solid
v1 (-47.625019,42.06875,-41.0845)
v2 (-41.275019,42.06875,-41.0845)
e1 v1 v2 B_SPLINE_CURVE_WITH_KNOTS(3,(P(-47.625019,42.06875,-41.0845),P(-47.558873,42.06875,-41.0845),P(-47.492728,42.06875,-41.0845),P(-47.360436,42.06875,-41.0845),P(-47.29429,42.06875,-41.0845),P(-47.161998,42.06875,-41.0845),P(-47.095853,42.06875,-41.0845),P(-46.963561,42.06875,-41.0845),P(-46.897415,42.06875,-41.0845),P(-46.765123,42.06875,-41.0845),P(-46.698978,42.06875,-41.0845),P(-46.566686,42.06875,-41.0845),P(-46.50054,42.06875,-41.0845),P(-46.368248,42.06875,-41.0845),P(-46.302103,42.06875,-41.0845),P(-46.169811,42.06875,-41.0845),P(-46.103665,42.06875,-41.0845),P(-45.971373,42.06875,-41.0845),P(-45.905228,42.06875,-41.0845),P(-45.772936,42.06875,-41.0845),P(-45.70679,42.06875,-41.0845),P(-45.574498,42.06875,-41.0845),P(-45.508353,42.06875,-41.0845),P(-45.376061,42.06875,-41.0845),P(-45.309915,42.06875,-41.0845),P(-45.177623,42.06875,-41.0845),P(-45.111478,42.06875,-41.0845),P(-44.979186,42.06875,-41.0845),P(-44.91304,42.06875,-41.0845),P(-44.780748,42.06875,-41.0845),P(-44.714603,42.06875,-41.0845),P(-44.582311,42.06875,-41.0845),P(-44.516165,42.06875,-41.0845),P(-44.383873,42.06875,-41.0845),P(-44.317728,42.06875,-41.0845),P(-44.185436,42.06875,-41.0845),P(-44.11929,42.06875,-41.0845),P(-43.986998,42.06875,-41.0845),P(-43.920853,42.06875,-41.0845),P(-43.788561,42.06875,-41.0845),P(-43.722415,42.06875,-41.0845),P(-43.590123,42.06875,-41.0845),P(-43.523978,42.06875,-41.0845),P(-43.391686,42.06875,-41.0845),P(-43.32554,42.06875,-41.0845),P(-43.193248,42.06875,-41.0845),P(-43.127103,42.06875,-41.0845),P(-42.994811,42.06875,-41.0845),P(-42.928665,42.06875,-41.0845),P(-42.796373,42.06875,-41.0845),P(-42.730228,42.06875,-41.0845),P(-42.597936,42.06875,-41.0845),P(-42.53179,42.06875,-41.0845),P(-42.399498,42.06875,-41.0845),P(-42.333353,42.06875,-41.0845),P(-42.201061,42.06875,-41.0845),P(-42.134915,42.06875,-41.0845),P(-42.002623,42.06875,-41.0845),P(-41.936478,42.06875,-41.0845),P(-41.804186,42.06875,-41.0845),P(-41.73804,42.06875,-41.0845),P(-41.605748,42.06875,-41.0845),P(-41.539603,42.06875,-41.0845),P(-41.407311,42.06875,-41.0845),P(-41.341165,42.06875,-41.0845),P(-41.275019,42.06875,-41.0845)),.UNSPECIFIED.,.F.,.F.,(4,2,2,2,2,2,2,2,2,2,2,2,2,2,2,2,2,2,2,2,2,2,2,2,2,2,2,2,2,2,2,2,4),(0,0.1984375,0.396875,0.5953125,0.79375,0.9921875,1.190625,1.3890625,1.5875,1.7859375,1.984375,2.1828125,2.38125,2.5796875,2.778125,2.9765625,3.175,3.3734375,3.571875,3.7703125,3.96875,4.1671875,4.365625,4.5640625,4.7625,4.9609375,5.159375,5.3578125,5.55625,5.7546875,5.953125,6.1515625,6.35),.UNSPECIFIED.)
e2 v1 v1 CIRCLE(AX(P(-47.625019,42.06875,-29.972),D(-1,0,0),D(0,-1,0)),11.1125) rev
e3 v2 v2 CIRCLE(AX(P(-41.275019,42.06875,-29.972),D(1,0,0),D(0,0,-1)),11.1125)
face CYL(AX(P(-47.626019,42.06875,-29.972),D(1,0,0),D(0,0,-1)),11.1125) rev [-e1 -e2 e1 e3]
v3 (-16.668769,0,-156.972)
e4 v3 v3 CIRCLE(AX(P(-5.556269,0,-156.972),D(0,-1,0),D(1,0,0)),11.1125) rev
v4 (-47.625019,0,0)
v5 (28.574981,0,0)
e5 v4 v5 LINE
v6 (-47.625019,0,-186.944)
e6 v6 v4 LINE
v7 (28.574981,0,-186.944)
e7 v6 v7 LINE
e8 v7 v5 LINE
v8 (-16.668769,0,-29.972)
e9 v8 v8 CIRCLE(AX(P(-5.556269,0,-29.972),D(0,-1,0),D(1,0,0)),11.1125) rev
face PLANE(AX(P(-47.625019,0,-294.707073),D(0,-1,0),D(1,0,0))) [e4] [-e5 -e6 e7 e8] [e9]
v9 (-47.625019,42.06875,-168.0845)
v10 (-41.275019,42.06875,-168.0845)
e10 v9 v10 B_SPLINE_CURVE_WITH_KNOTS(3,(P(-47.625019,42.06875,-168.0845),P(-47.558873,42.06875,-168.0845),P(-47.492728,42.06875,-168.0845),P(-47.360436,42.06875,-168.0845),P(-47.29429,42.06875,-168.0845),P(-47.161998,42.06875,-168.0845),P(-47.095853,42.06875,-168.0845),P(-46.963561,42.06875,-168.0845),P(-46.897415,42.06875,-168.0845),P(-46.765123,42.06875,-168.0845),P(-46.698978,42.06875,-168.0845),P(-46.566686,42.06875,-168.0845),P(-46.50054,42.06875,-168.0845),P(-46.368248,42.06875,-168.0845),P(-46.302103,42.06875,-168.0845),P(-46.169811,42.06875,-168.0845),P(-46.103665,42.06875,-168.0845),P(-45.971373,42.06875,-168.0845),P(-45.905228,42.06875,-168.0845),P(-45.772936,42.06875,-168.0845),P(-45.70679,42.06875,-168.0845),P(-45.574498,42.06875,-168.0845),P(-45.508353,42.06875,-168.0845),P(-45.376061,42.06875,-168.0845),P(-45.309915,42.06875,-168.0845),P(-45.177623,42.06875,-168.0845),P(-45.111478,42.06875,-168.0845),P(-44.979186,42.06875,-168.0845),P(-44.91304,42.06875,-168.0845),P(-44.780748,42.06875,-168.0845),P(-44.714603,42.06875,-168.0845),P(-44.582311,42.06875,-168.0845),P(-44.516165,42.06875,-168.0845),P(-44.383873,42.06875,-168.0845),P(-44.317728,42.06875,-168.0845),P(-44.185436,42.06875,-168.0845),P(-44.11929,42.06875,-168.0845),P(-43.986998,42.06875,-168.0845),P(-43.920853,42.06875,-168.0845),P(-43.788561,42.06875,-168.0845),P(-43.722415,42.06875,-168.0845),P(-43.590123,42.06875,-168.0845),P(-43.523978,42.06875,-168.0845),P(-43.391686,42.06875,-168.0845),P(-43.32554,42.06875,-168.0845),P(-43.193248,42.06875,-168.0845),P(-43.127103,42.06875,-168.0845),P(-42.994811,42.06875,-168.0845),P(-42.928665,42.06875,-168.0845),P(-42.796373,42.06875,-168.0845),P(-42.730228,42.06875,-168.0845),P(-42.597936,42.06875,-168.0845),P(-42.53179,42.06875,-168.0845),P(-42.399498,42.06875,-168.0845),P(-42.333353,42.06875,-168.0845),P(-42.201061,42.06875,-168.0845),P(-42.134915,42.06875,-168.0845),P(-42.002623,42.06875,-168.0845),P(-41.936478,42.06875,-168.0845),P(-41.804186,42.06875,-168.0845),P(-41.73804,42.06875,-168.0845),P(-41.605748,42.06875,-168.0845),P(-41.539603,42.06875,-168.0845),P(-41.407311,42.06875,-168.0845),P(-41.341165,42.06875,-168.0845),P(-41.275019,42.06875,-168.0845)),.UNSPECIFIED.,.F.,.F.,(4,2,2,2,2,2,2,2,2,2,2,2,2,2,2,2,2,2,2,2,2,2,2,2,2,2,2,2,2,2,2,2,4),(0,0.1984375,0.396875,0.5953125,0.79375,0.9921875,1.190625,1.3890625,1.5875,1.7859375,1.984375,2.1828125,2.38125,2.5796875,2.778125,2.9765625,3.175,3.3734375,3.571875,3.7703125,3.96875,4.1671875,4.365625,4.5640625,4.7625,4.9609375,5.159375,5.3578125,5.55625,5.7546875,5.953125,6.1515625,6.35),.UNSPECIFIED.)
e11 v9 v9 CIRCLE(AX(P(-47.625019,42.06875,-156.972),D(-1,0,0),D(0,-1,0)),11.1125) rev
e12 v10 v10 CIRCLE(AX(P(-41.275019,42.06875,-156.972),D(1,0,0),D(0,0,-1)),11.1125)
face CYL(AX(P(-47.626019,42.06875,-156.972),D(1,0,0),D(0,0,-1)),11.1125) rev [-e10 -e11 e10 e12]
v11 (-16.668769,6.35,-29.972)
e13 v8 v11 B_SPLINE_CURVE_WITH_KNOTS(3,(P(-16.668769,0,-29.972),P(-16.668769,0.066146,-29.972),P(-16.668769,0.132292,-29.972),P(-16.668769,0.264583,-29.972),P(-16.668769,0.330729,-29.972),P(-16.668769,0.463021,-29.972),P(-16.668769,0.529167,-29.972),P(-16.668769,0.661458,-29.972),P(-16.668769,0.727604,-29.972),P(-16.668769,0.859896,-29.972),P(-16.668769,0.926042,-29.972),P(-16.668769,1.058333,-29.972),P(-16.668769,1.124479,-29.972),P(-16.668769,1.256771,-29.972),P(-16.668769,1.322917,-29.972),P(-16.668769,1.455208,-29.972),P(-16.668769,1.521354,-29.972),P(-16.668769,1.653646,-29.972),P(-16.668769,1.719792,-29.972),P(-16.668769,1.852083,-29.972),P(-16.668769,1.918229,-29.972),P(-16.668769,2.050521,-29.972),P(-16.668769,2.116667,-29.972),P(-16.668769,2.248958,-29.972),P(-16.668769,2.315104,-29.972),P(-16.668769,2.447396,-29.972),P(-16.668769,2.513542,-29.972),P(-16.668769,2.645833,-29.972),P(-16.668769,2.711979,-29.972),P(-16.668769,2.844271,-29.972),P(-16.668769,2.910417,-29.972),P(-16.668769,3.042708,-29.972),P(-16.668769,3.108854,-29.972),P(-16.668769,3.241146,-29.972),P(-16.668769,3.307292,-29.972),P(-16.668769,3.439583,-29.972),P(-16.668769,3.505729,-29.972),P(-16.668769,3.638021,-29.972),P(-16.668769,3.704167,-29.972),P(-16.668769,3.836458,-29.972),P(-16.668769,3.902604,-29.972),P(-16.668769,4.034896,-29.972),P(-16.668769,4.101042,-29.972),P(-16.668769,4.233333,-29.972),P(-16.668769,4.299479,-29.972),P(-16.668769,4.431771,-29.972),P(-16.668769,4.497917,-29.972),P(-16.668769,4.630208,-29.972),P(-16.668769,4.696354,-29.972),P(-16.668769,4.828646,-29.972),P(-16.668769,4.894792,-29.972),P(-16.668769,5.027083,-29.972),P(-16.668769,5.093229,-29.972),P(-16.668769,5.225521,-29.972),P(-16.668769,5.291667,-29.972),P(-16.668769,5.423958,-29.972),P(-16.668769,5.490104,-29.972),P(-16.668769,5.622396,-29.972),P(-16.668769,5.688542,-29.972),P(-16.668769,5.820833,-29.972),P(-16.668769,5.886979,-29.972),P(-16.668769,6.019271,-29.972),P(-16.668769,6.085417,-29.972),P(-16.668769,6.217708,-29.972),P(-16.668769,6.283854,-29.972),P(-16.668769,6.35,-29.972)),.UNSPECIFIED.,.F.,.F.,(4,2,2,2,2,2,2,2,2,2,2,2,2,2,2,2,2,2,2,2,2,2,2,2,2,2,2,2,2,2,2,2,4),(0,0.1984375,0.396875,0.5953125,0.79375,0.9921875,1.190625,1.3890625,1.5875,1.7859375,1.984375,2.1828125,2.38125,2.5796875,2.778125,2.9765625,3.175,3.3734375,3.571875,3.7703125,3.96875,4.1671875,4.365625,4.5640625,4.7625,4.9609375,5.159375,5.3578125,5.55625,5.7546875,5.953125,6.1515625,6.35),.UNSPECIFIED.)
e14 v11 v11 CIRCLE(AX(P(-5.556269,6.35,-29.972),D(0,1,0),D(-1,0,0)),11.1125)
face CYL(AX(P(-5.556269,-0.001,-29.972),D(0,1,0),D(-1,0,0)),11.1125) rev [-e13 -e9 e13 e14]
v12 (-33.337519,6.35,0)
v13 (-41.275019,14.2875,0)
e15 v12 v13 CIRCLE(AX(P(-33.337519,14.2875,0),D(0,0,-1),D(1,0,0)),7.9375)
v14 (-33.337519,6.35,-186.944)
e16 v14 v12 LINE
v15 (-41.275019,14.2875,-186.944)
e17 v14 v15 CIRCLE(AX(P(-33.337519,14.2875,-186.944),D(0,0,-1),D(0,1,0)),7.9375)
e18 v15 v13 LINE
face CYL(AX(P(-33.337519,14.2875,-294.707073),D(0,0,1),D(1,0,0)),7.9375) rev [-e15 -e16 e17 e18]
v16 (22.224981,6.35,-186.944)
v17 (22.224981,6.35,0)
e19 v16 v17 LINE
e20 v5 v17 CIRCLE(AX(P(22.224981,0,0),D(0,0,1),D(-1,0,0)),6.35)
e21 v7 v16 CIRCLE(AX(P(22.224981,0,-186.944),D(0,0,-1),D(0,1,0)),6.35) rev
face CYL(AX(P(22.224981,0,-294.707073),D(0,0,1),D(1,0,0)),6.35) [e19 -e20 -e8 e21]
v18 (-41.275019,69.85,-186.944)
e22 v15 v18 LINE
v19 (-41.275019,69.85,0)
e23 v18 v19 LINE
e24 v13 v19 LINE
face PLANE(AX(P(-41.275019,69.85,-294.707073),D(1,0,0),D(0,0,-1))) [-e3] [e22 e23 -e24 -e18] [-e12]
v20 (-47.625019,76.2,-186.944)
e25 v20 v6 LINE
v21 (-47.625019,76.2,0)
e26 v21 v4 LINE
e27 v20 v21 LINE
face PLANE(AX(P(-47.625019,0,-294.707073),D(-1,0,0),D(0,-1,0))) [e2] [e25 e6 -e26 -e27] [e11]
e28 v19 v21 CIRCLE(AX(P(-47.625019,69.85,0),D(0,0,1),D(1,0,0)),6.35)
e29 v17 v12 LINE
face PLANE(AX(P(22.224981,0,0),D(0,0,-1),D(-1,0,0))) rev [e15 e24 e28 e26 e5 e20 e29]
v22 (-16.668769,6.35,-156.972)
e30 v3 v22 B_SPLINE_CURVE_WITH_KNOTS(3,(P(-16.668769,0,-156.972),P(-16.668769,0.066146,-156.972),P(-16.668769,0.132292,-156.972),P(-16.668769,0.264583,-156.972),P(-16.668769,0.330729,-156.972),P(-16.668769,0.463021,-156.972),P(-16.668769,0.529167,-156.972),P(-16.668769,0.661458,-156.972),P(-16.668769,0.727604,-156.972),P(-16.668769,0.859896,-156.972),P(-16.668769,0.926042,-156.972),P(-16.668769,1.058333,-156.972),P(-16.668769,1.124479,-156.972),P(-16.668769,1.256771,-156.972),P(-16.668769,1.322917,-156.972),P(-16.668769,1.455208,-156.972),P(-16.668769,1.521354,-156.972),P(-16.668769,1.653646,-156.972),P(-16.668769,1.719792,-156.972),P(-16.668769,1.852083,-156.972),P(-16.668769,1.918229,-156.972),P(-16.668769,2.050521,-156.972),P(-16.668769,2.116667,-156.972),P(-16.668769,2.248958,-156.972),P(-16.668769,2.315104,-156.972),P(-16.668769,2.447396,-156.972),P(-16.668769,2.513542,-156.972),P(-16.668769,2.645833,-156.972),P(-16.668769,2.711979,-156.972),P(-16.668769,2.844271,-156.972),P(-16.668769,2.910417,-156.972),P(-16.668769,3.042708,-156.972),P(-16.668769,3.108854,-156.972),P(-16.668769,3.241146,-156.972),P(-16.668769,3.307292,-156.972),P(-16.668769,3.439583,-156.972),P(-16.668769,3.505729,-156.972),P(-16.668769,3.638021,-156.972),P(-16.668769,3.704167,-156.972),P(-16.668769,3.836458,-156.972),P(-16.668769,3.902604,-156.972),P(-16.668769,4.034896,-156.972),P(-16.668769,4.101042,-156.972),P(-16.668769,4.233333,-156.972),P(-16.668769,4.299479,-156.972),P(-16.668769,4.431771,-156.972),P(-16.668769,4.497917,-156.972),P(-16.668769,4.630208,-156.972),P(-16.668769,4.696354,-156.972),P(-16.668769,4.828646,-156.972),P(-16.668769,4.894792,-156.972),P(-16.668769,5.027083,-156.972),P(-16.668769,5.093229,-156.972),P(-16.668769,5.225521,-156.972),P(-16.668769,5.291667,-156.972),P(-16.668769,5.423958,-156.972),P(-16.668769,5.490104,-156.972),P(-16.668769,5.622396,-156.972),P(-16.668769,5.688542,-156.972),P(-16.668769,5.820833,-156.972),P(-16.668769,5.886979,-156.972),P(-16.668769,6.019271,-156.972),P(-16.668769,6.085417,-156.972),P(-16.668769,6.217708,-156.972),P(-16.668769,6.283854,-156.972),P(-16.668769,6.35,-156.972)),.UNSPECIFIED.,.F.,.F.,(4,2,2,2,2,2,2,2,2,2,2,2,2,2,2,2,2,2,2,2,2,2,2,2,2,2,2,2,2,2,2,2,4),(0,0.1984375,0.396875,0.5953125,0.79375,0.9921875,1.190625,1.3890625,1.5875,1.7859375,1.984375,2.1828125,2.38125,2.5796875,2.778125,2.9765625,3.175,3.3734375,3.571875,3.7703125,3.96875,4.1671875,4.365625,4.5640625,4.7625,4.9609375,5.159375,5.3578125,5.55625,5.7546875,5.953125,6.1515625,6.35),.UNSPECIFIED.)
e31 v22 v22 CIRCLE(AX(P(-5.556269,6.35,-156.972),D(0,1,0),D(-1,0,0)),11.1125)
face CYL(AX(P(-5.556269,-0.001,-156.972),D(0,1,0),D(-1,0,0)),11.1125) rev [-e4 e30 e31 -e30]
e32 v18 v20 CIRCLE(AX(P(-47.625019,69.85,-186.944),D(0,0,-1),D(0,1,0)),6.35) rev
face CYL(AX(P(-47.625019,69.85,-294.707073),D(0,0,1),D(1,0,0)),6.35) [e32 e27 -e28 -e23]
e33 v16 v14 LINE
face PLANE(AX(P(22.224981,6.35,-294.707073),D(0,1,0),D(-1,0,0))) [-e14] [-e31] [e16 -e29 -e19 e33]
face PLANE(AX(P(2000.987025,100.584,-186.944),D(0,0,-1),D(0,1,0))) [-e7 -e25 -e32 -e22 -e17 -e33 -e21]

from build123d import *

# Parameters (mm, degrees)
BOSS_EXTRUDE1_DEPTH = 186.944
CUT_EXTRUDE1_REACH  = 215.62
SKETCH2_R           = 11.1125
CUT_EXTRUDE2_REACH  = 207.171
SKETCH3_R           = 11.1125


with BuildPart() as part:
    # Sketch1 → Boss-Extrude1 (new body)
    with BuildSketch(Plane.XY):
        with BuildLine():
            Line((-47.62501925, 0), (-47.62501925, 76.2))
            ThreePointArc((-47.62501925, 76.2), (-43.134891189, 74.340128061), (-41.27501925, 69.85))
            Line((-41.27501925, 69.85), (-41.27501925, 14.2875))
            ThreePointArc((-41.27501925, 14.2875), (-38.950179326, 8.674839924), (-33.33751925, 6.35))
            Line((-33.33751925, 6.35), (22.22498075, 6.35))
            ThreePointArc((22.22498075, 6.35), (26.715108811, 4.490128061), (28.57498075, 0))
            Line((28.57498075, 0), (-47.62501925, 0))
        make_face()
    extrude(amount=-BOSS_EXTRUDE1_DEPTH)

    # Sketch2 → Cut-Extrude1 (cut, up to next)
    with BuildSketch(Plane(origin=(-41.27501925, 0, 0), x_dir=(0, 0, -1), z_dir=(1, 0, 0)), mode=Mode.PRIVATE) as cut_extrude1_sk1:
        with Locations((156.972, 42.06875)):
            Circle(SKETCH2_R)
    cut_extrude1_tool1 = extrude(cut_extrude1_sk1.sketch, amount=-CUT_EXTRUDE1_REACH, mode=Mode.PRIVATE) & part.part
    # Sketch2 → Cut-Extrude1 (cut, up to next)
    with BuildSketch(Plane(origin=(-41.27501925, 0, 0), x_dir=(0, 0, -1), z_dir=(1, 0, 0)), mode=Mode.PRIVATE) as cut_extrude1_sk2:
        with Locations((29.972, 42.06875)):
            Circle(SKETCH2_R)
    cut_extrude1_tool2 = extrude(cut_extrude1_sk2.sketch, amount=-CUT_EXTRUDE1_REACH, mode=Mode.PRIVATE) & part.part
    add(cut_extrude1_tool1.solids().sort_by_distance((-41.275019, 42.06875, -156.972))[0], mode=Mode.SUBTRACT)
    add(cut_extrude1_tool2.solids().sort_by_distance((-41.275019, 42.06875, -29.972))[0], mode=Mode.SUBTRACT)

    # Sketch3 → Cut-Extrude2 (cut, up to next)
    with BuildSketch(Plane(origin=(0, 6.35, 0), x_dir=(1, 0, 0), z_dir=(0, 1, 0)), mode=Mode.PRIVATE) as cut_extrude2_sk1:
        with Locations(Location((-5.55626925, 156.972, 0), (0, 0, 180))):
            Circle(SKETCH3_R)
    cut_extrude2_tool1 = extrude(cut_extrude2_sk1.sketch, amount=-CUT_EXTRUDE2_REACH, mode=Mode.PRIVATE) & part.part
    # Sketch3 → Cut-Extrude2 (cut, up to next)
    with BuildSketch(Plane(origin=(0, 6.35, 0), x_dir=(1, 0, 0), z_dir=(0, 1, 0)), mode=Mode.PRIVATE) as cut_extrude2_sk2:
        with Locations(Location((-5.55626925, 29.972, 0), (0, 0, 180))):
            Circle(SKETCH3_R)
    cut_extrude2_tool2 = extrude(cut_extrude2_sk2.sketch, amount=-CUT_EXTRUDE2_REACH, mode=Mode.PRIVATE) & part.part
    add(cut_extrude2_tool1.solids().sort_by_distance((-5.556269, 6.35, -156.972))[0], mode=Mode.SUBTRACT)
    add(cut_extrude2_tool2.solids().sort_by_distance((-5.556269, 6.35, -29.972))[0], mode=Mode.SUBTRACT)


solid = part.part
